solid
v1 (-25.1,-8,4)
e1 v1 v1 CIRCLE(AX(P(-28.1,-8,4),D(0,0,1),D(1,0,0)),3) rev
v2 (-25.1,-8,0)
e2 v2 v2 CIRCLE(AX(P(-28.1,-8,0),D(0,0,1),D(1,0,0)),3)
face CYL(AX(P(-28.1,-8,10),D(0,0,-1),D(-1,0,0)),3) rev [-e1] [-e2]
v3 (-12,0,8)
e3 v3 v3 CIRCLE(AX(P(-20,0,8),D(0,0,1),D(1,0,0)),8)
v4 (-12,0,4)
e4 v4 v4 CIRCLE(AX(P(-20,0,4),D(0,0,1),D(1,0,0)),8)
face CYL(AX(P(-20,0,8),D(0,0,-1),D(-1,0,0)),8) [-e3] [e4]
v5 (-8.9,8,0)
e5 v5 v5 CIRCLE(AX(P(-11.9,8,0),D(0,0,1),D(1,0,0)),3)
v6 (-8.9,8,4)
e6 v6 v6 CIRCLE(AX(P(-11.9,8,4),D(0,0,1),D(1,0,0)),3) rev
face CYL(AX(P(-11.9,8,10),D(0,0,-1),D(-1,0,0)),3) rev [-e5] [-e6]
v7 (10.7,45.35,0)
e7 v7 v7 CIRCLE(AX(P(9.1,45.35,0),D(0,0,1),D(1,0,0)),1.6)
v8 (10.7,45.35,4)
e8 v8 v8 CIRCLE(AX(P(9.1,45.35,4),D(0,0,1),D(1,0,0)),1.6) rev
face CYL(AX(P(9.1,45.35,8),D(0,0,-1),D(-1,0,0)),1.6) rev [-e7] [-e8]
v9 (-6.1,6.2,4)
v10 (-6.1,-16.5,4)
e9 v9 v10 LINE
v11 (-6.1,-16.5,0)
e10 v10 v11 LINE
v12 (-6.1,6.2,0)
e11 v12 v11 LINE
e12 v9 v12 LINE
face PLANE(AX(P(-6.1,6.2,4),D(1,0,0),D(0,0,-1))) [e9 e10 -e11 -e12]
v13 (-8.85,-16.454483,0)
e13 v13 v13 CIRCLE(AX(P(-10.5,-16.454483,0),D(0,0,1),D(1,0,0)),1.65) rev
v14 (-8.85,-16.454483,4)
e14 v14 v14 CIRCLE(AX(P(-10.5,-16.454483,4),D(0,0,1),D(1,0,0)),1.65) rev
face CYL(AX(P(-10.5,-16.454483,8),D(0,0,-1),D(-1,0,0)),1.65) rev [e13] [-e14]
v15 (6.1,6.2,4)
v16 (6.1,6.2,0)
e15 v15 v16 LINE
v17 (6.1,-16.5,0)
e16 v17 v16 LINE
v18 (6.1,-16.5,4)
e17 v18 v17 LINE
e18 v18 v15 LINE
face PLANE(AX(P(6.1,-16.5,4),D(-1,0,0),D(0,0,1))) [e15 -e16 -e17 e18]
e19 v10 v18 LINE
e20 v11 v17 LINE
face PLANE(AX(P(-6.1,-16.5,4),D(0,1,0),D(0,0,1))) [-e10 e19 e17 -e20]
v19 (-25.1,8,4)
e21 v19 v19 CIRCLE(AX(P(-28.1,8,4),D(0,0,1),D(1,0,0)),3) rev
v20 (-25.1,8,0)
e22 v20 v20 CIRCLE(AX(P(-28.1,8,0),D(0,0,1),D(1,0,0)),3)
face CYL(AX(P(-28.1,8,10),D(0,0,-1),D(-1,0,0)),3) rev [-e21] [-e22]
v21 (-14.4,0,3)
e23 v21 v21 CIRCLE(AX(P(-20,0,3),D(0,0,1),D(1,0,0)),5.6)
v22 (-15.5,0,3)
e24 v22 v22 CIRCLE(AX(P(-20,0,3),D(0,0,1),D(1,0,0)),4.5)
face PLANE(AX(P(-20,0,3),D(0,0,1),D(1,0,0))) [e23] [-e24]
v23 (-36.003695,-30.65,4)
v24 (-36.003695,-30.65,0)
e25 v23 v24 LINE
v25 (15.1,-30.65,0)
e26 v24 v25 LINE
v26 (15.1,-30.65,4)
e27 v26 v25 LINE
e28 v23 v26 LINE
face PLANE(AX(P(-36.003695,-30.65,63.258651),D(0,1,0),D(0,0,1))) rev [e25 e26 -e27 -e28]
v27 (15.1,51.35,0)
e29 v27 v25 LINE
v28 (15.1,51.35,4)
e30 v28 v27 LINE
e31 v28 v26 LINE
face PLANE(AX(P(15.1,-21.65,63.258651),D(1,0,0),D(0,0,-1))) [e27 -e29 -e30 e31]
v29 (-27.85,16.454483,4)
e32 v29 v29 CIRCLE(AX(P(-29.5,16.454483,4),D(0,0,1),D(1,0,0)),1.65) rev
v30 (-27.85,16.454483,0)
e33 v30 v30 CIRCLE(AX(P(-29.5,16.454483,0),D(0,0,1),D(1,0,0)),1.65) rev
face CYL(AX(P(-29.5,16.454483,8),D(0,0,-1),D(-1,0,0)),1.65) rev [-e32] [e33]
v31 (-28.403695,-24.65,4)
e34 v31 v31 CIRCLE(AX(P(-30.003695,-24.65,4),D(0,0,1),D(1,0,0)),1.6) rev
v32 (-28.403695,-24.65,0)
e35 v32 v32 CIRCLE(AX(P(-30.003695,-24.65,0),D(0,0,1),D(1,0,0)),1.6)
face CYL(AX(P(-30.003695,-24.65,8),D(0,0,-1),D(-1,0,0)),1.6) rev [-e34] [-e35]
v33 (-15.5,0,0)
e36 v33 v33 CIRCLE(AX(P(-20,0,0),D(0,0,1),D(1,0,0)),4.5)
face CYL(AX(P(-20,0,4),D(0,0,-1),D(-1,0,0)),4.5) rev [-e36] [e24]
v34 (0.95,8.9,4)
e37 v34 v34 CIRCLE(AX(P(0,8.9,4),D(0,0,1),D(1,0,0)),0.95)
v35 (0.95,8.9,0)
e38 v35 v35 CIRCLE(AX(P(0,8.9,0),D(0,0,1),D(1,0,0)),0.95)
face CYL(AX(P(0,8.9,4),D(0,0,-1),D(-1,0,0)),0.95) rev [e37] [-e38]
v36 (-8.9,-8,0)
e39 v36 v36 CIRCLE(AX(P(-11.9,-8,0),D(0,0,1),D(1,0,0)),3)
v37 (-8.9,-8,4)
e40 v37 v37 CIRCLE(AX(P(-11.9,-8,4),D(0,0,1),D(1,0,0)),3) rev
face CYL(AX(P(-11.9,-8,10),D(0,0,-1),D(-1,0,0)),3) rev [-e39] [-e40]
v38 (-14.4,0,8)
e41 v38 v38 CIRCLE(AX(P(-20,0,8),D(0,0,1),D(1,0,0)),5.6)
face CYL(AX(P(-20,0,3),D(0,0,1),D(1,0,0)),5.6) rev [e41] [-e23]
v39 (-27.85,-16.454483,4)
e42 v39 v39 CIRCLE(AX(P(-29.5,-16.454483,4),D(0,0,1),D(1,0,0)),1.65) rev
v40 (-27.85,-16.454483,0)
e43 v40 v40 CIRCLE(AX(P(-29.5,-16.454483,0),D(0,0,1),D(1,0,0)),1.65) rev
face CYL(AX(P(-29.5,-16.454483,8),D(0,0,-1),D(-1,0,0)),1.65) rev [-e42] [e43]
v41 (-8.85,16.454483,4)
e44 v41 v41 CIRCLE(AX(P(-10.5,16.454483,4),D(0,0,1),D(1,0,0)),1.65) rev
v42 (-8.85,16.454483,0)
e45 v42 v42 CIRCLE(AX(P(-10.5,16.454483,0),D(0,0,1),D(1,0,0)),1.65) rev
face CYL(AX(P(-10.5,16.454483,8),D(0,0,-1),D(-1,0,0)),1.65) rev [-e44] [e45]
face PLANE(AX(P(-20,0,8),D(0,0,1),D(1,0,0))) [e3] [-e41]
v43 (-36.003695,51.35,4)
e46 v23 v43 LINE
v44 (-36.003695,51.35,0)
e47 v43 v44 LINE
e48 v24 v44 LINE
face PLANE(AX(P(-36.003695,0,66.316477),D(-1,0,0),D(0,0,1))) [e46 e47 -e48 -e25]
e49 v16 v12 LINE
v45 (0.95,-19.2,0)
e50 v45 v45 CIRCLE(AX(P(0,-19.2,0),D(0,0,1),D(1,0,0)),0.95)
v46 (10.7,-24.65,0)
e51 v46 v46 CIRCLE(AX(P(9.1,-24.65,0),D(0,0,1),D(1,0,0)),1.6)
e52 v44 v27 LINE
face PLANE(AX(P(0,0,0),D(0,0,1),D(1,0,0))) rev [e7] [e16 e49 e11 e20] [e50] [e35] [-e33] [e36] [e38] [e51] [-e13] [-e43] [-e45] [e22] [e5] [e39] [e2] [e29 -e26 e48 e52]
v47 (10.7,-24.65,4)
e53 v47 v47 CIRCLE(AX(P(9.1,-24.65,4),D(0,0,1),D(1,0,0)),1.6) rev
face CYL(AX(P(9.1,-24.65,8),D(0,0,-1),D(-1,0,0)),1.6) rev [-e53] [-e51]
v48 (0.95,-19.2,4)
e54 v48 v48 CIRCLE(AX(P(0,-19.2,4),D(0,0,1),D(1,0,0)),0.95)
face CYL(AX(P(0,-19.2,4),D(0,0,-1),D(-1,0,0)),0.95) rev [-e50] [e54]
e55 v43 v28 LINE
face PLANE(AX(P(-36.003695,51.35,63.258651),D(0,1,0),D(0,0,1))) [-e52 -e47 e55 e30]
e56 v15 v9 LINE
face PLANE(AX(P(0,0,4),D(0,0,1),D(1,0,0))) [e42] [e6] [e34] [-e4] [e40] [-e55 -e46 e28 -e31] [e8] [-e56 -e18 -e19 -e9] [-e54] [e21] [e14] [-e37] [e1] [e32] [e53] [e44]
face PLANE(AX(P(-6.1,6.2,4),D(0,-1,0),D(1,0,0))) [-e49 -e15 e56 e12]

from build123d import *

# Parameters (mm, degrees)
SKETCH1_W               = 39.1
SKETCH1_H               = 33
SKETCH1_R               = 0.95
SKETCH1_R_2             = 4.5
SKETCH1_W_2             = 12.2
SKETCH1_H_2             = 22.7
BOSS_EXTRUDE1_DEPTH     = 4
BOSS_EXTRUDE2_START     = 4
SKETCH2_R               = 8
SKETCH2_R_2             = 4.403773093
BOSS_EXTRUDE2_DEPTH     = 4
CUT_EXTRUDE1_START      = 8
SKETCH3_R               = 5.6
CUT_EXTRUDE1_DEPTH      = 5
SKETCH5_W               = 39.1
SKETCH5_H               = 10
SKETCH5_W_2             = 6.003695208
SKETCH5_H_2             = 43
BOSS_EXTRUDE3_DEPTH     = 4
SKETCH4_R               = 1.65
CUT_EXTRUDE3_DEPTH      = 9
CUT_EXTRUDE3_DEPTH_BACK = 10
CUT_EXTRUDE4_START      = 4
SKETCH6_R               = 3
CUT_EXTRUDE4_DEPTH      = 10
SKETCH7_W               = 6
SKETCH7_H               = 43
BOSS_EXTRUDE4_DEPTH     = 4
SKETCH8_R               = 1.6
CUT_EXTRUDE6_DEPTH      = 4


with BuildPart() as part:
    # Sketch1 → Boss-Extrude1 (new body)
    with BuildSketch(Plane.XY):
        with Locations((-10.45, -5.15)):
            Rectangle(SKETCH1_W, SKETCH1_H)
        with Locations((0, 8.9)):
            Circle(SKETCH1_R, mode=Mode.SUBTRACT)
        with Locations((0, -19.2)):
            Circle(SKETCH1_R, mode=Mode.SUBTRACT)
        with Locations((-20, 0)):
            Circle(SKETCH1_R_2, mode=Mode.SUBTRACT)
        with Locations((0, -5.15)):
            Rectangle(SKETCH1_W_2, SKETCH1_H_2, mode=Mode.SUBTRACT)
    extrude(amount=BOSS_EXTRUDE1_DEPTH)

    # Sketch2 → Boss-Extrude2 (add)
    with BuildSketch(Plane.XY.offset(BOSS_EXTRUDE2_START)):
        with Locations((-20, 0)):
            Circle(SKETCH2_R)
        with Locations((-20, 0)):
            Circle(SKETCH2_R_2, mode=Mode.SUBTRACT)
    extrude(amount=BOSS_EXTRUDE2_DEPTH)

    # Sketch3 → Cut-Extrude1 (cut)
    with BuildSketch(Plane.XY.offset(CUT_EXTRUDE1_START)):
        with Locations((-20, 0)):
            Circle(SKETCH3_R)
    extrude(amount=-CUT_EXTRUDE1_DEPTH, mode=Mode.SUBTRACT)

    # Sketch5 → Boss-Extrude3 (add)
    with BuildSketch(Plane.XY):
        with Locations((-10.45, 16.35)):
            Rectangle(SKETCH5_W, SKETCH5_H)
        with Locations((-33.001847604, -0.15)):
            Rectangle(SKETCH5_W_2, SKETCH5_H_2)
    extrude(amount=BOSS_EXTRUDE3_DEPTH)

    # Sketch4 → Cut-Extrude3 (cut, two sides)
    with BuildSketch(Plane.XY) as cut_extrude3_sk:
        with Locations((-10.5, 16.454482672)):
            Circle(SKETCH4_R)
        with Locations((-29.5, 16.454482672)):
            Circle(SKETCH4_R)
        with Locations((-29.5, -16.454482672)):
            Circle(SKETCH4_R)
        with Locations((-10.5, -16.454482672)):
            Circle(SKETCH4_R)
    extrude(amount=CUT_EXTRUDE3_DEPTH, mode=Mode.SUBTRACT)
    extrude(cut_extrude3_sk.sketch, amount=-CUT_EXTRUDE3_DEPTH_BACK, mode=Mode.SUBTRACT)

    # Sketch6 → Cut-Extrude4 (cut)
    with BuildSketch(Plane.XY.offset(CUT_EXTRUDE4_START)):
        with Locations((-11.9, 8)):
            Circle(SKETCH6_R)
        with Locations((-28.1, 8)):
            Circle(SKETCH6_R)
        with Locations((-11.9, -8)):
            Circle(SKETCH6_R)
        with Locations((-28.1, -8)):
            Circle(SKETCH6_R)
    extrude(amount=-CUT_EXTRUDE4_DEPTH, mode=Mode.SUBTRACT)

    # Sketch7 → Boss-Extrude4 (add)
    with BuildSketch(Plane.XY):
        Polygon((9.1, -21.65), (-36.003695208, -21.65), (-36.003695208, -30.65), (15.1, -30.65), (15.1, -21.65), align=None)
        with Locations((12.1, -0.15)):
            Rectangle(SKETCH7_W, SKETCH7_H)
        Polygon((-36.003695208, 21.35), (9.1, 21.35), (15.1, 21.35), (15.1, 51.35), (-36.003695208, 51.35), align=None)
    extrude(amount=BOSS_EXTRUDE4_DEPTH)

    # Sketch8 → Cut-Extrude6 (cut)
    with BuildSketch(Plane.XY):
        with Locations((9.1, -24.65)):
            Circle(SKETCH8_R)
        with Locations((-30.003695208, -24.65)):
            Circle(SKETCH8_R)
        with Locations((9.1, 45.35)):
            Circle(SKETCH8_R)
    extrude(amount=CUT_EXTRUDE6_DEPTH, mode=Mode.SUBTRACT)


solid = part.part
